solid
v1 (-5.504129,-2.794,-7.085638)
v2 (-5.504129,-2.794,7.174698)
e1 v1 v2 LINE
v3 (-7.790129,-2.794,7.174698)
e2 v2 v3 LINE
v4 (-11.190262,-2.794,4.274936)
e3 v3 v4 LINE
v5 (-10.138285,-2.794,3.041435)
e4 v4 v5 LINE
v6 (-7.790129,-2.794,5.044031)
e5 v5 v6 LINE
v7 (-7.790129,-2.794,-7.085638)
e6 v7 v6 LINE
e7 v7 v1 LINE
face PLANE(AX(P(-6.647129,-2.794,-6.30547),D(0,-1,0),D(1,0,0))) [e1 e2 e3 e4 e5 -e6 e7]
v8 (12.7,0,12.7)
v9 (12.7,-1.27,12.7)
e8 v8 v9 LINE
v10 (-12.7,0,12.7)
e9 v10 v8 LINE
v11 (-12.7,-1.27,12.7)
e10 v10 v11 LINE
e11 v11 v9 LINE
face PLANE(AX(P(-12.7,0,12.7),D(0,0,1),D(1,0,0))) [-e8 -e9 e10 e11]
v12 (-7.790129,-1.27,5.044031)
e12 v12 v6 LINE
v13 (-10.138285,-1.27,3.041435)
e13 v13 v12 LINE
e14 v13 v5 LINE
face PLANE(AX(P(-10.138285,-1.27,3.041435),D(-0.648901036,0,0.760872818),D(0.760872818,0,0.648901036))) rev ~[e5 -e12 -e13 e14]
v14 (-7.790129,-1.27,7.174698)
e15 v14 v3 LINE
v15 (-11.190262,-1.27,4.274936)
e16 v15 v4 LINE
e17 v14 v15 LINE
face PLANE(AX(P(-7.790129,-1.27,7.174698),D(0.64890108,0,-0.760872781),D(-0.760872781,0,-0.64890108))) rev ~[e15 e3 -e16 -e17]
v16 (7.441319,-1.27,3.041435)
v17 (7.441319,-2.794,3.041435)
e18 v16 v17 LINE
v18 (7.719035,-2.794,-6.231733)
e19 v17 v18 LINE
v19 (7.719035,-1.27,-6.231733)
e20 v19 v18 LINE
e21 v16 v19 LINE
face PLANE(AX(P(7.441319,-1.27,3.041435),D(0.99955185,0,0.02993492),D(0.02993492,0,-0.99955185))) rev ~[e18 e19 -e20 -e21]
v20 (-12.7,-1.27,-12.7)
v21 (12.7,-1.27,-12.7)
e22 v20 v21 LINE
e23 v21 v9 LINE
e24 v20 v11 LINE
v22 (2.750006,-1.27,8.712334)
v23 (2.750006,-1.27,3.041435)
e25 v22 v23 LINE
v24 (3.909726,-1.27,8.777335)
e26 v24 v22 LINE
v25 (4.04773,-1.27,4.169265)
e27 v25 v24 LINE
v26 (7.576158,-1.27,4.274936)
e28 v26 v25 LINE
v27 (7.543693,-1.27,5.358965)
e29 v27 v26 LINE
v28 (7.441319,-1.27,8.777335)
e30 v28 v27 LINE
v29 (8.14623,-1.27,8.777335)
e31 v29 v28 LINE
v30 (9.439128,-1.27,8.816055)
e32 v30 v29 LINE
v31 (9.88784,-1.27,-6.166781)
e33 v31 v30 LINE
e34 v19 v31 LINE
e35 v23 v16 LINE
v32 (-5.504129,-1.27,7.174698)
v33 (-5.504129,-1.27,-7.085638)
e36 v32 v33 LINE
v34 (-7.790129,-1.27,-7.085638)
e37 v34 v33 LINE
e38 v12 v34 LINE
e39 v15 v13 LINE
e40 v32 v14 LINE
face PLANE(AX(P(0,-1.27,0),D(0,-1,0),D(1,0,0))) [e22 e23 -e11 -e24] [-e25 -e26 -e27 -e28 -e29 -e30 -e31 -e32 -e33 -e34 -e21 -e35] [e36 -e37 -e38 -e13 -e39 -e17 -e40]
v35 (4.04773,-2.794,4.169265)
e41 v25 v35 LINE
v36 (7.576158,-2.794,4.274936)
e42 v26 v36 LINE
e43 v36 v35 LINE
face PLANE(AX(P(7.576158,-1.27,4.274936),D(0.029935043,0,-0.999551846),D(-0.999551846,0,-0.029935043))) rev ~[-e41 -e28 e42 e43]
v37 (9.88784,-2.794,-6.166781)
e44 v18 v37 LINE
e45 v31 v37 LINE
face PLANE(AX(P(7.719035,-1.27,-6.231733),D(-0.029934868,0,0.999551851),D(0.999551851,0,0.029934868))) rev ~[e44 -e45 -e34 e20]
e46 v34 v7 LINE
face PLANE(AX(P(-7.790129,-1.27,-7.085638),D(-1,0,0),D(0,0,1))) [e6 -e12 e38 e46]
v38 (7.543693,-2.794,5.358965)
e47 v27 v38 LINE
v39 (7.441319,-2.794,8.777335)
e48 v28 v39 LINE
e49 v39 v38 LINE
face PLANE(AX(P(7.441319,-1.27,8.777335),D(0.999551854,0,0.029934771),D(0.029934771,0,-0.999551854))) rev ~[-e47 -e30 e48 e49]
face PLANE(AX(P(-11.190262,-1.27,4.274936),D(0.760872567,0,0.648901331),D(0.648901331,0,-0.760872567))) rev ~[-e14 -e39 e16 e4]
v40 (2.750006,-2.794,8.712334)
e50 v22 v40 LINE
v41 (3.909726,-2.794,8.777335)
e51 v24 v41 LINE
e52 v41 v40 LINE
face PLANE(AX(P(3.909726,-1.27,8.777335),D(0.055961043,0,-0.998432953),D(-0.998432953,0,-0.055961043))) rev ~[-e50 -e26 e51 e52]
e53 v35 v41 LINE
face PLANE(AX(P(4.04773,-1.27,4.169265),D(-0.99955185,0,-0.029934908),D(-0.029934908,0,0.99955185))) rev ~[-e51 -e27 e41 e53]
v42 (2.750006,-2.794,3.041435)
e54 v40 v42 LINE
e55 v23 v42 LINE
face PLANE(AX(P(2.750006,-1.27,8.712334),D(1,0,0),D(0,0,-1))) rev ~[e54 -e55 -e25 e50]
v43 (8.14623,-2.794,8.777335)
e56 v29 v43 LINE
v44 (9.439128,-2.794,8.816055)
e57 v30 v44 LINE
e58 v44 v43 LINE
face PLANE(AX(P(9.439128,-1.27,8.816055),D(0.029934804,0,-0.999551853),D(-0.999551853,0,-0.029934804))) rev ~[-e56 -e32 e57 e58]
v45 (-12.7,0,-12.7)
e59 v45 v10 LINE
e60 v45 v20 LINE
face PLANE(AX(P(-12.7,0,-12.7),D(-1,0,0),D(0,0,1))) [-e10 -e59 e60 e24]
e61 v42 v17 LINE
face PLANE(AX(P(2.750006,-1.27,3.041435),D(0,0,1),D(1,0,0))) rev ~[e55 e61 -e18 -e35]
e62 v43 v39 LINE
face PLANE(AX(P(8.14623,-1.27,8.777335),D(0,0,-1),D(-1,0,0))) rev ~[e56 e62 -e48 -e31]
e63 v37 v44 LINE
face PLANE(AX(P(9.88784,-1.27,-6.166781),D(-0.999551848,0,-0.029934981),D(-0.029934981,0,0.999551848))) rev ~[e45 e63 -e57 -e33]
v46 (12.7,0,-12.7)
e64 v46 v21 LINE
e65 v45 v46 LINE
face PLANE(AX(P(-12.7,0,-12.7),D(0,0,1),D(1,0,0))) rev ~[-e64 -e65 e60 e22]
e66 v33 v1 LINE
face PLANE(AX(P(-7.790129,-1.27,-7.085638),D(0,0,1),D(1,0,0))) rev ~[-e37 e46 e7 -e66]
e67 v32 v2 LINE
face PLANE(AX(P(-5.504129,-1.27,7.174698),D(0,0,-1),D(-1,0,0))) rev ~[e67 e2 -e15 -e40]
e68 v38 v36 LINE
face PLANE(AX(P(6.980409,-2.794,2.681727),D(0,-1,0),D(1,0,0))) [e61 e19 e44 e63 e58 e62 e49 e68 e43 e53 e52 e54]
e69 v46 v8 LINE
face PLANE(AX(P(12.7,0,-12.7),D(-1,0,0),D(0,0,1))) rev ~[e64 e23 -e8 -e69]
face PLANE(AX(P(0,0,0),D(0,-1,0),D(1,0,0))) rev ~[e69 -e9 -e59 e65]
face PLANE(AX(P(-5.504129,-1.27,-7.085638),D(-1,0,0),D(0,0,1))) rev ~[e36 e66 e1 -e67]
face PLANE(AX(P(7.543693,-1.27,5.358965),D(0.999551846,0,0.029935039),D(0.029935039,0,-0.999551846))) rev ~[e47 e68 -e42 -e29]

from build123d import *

# Parameters (mm, degrees)
F0_W     = 25.4
F0_H     = 25.4
F1_DEPTH = 1.27
F3_DEPTH = 1.524
F4_DEPTH = 1.524
F5_W     = 2.286
F5_H     = 1.560336
F6_DEPTH = 1.524


with BuildPart() as f1:
    # F0 (on Front) → F1 (new body)
    with BuildSketch(Plane.XZ):
        Rectangle(F0_W, F0_H)
    extrude(amount=F1_DEPTH)

    # F2 (on face) → F3 (join)
    with BuildSketch(Plane.XZ.offset(1.27)):
        Polygon((-10.138285, 3.041435), (-7.790129, 5.044031), (-7.790129, 7.174698), (-11.190262, 4.274936), align=None)
        Polygon((-7.790129, 5.044031), (-7.790129, -5.525302), (-5.504129, -5.525302), (-5.504129, 7.174698), (-7.790129, 7.174698), align=None)
    extrude(amount=F3_DEPTH)

    # F2 (on face) → F4 (join)
    with BuildSketch(Plane.XZ.offset(1.27)):
        Polygon((-7.790129, 5.044031), (-7.790129, -5.525302), (-5.504129, -5.525302), (-5.504129, 7.174698), (-7.790129, 7.174698), align=None)
        Polygon((-10.138285, 3.041435), (-7.790129, 5.044031), (-7.790129, 7.174698), (-11.190262, 4.274936), align=None)
        Polygon((3.909726, 8.777335), (2.750006, 8.712334), (2.750006, 3.041435), (7.441319, 3.041435), (7.719035, -6.231733), (9.88784, -6.166781), (9.439128, 8.816055), (8.14623, 8.777335), (7.441319, 8.777335), (7.543693, 5.358965), (7.576158, 4.274936), (4.04773, 4.169265), align=None)
    extrude(amount=F4_DEPTH)

    # F5 (on face) → F6 (join)
    with BuildSketch(Plane.XZ.offset(1.27)):
        with Locations((-6.647129, -6.30547)):
            Rectangle(F5_W, F5_H)
    extrude(amount=F6_DEPTH)


solid = f1.part
